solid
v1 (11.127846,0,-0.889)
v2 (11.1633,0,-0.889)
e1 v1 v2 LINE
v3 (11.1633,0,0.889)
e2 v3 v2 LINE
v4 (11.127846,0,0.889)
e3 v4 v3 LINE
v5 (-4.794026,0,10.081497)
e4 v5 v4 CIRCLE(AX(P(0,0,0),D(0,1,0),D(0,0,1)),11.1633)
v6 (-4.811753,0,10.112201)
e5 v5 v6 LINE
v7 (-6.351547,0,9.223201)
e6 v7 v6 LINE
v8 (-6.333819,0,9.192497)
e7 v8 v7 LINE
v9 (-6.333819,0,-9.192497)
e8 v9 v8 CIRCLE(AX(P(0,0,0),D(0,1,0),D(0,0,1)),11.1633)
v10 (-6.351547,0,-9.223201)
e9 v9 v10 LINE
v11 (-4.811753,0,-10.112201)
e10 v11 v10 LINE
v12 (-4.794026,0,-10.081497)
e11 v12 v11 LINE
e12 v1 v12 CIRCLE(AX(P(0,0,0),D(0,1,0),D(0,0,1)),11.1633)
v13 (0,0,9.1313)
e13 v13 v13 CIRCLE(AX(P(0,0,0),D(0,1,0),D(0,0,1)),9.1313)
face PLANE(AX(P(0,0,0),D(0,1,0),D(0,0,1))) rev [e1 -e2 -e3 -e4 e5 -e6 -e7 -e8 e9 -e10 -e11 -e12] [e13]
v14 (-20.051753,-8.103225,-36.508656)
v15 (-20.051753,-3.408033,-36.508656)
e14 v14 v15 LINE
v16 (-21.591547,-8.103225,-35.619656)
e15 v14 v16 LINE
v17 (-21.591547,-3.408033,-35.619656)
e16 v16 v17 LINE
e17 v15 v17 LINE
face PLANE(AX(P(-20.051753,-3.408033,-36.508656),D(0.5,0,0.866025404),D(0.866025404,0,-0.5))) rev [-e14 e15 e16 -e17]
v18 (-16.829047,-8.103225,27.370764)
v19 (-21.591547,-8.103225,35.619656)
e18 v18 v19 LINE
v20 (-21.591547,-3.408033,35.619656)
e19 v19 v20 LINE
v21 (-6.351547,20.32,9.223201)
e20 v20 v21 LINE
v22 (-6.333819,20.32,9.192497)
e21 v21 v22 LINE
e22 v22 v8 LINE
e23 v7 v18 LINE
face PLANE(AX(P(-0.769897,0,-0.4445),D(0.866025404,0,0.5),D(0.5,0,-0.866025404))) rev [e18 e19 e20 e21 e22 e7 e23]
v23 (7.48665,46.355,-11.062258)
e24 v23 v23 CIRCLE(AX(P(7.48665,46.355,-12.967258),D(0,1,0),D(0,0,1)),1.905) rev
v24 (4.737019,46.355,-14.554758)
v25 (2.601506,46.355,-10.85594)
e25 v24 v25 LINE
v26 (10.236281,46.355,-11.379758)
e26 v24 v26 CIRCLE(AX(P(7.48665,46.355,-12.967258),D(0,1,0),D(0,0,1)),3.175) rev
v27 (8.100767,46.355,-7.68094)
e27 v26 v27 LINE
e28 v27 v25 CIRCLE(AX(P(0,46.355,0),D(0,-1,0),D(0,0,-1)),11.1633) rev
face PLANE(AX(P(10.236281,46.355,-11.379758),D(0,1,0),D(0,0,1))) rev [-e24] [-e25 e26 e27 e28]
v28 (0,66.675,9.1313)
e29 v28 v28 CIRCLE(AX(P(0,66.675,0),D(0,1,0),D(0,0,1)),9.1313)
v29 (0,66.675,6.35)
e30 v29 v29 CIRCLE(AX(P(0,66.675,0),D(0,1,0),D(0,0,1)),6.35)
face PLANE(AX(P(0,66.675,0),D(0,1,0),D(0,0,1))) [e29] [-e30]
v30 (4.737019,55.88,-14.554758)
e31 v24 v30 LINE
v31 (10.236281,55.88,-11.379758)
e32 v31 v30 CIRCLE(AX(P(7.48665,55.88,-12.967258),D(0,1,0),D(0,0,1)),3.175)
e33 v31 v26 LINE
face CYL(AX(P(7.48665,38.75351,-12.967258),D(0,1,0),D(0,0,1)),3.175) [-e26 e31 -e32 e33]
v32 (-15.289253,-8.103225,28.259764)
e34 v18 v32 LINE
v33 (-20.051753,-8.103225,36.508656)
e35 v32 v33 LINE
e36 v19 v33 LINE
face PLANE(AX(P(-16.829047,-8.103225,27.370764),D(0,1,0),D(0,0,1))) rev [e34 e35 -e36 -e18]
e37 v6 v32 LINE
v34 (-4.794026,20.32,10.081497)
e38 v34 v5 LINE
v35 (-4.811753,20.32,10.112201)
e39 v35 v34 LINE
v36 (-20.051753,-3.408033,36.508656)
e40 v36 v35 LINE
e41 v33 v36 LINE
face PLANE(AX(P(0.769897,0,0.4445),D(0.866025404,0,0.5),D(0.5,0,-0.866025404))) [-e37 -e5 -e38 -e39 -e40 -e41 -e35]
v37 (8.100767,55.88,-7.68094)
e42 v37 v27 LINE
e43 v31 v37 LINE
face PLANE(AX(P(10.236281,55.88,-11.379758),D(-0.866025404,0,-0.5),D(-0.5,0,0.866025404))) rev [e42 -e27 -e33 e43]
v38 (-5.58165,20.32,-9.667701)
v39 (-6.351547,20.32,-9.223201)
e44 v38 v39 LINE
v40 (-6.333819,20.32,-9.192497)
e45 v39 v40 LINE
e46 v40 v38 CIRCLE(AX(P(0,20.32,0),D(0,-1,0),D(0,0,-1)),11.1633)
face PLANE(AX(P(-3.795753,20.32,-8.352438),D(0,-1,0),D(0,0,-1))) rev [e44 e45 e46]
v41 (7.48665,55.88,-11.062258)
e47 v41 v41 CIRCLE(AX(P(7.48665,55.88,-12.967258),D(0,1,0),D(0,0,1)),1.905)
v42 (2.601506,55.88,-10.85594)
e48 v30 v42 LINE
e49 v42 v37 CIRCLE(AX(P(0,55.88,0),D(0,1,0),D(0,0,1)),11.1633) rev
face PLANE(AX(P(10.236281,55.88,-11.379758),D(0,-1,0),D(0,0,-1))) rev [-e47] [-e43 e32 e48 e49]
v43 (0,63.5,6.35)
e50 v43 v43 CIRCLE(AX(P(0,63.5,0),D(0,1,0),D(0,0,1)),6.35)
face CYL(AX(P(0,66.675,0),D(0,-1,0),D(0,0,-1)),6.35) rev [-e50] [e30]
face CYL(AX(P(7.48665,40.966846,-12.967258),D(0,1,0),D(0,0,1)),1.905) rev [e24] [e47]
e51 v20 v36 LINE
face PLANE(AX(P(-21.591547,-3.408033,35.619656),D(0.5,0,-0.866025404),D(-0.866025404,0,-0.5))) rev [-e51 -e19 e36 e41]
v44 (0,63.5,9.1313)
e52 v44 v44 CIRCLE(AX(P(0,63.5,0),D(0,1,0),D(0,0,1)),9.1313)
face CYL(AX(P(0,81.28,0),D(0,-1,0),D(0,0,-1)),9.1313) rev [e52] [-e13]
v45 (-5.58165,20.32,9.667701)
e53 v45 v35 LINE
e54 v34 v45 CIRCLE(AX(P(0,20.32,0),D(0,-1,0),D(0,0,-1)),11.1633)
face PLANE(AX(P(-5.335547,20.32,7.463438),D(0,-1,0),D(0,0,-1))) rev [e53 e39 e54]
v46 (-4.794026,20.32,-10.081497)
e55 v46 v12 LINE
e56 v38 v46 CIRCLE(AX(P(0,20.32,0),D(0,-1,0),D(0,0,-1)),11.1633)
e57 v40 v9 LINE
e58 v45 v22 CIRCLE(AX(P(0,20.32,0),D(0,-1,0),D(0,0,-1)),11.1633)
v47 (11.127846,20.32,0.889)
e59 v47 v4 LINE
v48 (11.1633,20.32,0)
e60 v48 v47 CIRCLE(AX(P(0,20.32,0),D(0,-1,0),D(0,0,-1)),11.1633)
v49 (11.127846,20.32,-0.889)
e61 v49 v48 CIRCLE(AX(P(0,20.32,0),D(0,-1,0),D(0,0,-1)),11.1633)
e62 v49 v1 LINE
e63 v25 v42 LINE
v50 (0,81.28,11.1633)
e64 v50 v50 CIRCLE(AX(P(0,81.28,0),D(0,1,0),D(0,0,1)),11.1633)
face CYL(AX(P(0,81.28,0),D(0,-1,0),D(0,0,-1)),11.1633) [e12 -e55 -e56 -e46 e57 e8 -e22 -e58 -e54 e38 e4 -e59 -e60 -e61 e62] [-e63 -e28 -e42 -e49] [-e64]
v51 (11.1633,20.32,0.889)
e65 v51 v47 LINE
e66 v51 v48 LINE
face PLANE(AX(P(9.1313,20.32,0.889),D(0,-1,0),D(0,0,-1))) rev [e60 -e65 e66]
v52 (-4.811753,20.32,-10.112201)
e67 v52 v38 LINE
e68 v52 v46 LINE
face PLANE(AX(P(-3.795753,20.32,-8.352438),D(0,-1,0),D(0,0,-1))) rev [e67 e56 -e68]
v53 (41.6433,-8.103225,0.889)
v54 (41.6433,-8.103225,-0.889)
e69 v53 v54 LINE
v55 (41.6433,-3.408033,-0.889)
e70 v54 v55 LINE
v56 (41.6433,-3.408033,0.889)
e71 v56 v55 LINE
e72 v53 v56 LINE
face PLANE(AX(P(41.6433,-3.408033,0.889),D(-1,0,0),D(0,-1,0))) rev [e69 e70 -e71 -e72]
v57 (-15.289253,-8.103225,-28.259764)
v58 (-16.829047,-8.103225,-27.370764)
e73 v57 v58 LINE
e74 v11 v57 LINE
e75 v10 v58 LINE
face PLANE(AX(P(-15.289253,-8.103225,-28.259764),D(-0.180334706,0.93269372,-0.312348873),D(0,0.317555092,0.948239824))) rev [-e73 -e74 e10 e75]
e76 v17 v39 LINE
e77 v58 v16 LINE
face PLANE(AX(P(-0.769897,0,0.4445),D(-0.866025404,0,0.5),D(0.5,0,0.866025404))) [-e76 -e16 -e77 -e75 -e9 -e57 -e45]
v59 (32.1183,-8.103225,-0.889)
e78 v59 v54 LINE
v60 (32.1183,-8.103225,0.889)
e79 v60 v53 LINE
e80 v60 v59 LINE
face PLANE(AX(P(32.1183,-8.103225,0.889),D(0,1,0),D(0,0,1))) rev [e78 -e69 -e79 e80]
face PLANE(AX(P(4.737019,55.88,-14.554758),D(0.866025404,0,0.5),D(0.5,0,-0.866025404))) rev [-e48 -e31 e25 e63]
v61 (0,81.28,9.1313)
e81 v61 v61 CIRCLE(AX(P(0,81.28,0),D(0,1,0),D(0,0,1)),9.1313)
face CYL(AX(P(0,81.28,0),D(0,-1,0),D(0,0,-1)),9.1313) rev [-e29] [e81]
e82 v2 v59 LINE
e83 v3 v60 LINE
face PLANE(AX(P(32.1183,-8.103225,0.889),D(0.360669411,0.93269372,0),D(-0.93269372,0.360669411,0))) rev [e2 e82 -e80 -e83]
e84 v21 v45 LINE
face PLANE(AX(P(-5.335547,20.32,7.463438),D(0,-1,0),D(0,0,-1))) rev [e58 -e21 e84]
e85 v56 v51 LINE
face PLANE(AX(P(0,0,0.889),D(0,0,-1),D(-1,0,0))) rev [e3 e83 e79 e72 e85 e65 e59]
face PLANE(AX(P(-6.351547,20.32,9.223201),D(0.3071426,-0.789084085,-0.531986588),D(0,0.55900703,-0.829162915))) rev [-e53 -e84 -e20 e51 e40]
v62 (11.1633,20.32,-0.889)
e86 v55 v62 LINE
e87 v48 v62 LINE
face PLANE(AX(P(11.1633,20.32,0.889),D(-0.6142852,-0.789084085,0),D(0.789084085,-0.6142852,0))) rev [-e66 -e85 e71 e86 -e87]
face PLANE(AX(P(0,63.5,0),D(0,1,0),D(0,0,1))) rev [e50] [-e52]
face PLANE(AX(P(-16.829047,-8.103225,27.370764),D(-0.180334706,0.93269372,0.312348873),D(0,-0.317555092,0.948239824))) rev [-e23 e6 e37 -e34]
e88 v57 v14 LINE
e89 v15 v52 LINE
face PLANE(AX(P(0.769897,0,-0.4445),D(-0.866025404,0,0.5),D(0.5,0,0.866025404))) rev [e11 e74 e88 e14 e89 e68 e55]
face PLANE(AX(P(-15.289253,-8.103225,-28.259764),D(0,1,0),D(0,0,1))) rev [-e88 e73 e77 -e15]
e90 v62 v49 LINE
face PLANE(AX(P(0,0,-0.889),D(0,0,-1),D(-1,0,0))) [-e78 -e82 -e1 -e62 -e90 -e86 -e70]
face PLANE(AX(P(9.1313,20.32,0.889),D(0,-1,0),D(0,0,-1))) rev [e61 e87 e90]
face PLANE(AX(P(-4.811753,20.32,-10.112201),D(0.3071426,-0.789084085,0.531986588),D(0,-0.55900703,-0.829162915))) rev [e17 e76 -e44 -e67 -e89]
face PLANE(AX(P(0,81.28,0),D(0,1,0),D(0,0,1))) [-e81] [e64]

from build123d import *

# Parameters (mm, degrees)
SKETCH1_R           = 11.1633
SKETCH1_R_2         = 9.1313
BOSS_EXTRUDE1_DEPTH = 81.28
BOSS_EXTRUDE2_DEPTH = 0.889
CIRPATTERN1_COUNT   = 3
SKETCH3_R           = 9.1313
SKETCH3_R_2         = 6.35
BOSS_EXTRUDE3_DEPTH = 3.175
BOSS_EXTRUDE4_START = -0.461027
SKETCH5_W           = 9.525
SKETCH5_H           = 6.35
BOSS_EXTRUDE4_DEPTH = 4.271027
BOSS_EXTRUDE5_DEPTH = 9.525
SKETCH7_R           = 1.905
CUT_EXTRUDE1_DEPTH  = 9.525


with BuildPart() as part:
    # Sketch1 → Boss-Extrude1 (new body)
    with BuildSketch(Plane(origin=(0, 0, 0), x_dir=(1, 0, 0), z_dir=(0, 1, 0))):
        with Locations(Location((0, 0, 0), (0, 0, 270))):
            Circle(SKETCH1_R)
        with Locations(Location((0, 0, 0), (0, 0, 270))):
            Circle(SKETCH1_R_2, mode=Mode.SUBTRACT)
    extrude(amount=BOSS_EXTRUDE1_DEPTH)

    # Sketch2 → Boss-Extrude2 (add, symmetric)
    with BuildSketch(Plane.XY):
        Polygon((11.1633, 0), (9.1313, 0), (9.1313, 20.32), (11.1633, 20.32), (41.6433, -3.408032613), (41.6433, -8.103225478), (32.1183, -8.103225478), align=None)
    boss_extrude2 = extrude(amount=BOSS_EXTRUDE2_DEPTH, both=True)

    # CirPattern1: Boss-Extrude2 ×3 about axis
    cirpattern1_axis = Axis((0, 0, 0), (0, 1, 0))
    for i in range(1, CIRPATTERN1_COUNT):
        add(boss_extrude2.rotate(cirpattern1_axis, i * 360 / CIRPATTERN1_COUNT))

    # Sketch3 → Boss-Extrude3 (add)
    with BuildSketch(Plane(origin=(0, 63.5, 0), x_dir=(1, 0, 0), z_dir=(0, 1, 0))):
        with Locations(Location((0, 0, 0), (0, 0, 270))):
            Circle(SKETCH3_R)
        with Locations(Location((0, 0, 0), (0, 0, 270))):
            Circle(SKETCH3_R_2, mode=Mode.SUBTRACT)
    extrude(amount=BOSS_EXTRUDE3_DEPTH)

    # Sketch5 → Boss-Extrude4 (add)
    with BuildSketch(Plane(origin=(5.58165, 0, -9.66770139), x_dir=(0, -1, 0), z_dir=(0.500000000000001, 0, -0.866025403784438)).offset(BOSS_EXTRUDE4_START)):
        with Locations((-51.1175, 0)):
            Rectangle(SKETCH5_W, SKETCH5_H)
    extrude(amount=BOSS_EXTRUDE4_DEPTH)

    # Sketch6 → Boss-Extrude5 (add)
    with BuildSketch(Plane(origin=(0, 55.88, 0), x_dir=(1, 0, 0), z_dir=(0, 1, 0))):
        with BuildLine():
            Line((4.737019343, 14.554758178), (10.236280657, 11.379758178))
            ThreePointArc((10.236280657, 11.379758178), (9.07415, 15.716888836), (4.737019343, 14.554758178))
        make_face()
    extrude(amount=-BOSS_EXTRUDE5_DEPTH)

    # Sketch7 → Cut-Extrude1 (cut)
    with BuildSketch(Plane(origin=(0, 55.88, 0), x_dir=(1, 0, 0), z_dir=(0, 1, 0))):
        with Locations(Location((7.48665, 12.967258178, 0), (0, 0, 270))):
            Circle(SKETCH7_R)
    extrude(amount=-CUT_EXTRUDE1_DEPTH, mode=Mode.SUBTRACT)


solid = part.part
